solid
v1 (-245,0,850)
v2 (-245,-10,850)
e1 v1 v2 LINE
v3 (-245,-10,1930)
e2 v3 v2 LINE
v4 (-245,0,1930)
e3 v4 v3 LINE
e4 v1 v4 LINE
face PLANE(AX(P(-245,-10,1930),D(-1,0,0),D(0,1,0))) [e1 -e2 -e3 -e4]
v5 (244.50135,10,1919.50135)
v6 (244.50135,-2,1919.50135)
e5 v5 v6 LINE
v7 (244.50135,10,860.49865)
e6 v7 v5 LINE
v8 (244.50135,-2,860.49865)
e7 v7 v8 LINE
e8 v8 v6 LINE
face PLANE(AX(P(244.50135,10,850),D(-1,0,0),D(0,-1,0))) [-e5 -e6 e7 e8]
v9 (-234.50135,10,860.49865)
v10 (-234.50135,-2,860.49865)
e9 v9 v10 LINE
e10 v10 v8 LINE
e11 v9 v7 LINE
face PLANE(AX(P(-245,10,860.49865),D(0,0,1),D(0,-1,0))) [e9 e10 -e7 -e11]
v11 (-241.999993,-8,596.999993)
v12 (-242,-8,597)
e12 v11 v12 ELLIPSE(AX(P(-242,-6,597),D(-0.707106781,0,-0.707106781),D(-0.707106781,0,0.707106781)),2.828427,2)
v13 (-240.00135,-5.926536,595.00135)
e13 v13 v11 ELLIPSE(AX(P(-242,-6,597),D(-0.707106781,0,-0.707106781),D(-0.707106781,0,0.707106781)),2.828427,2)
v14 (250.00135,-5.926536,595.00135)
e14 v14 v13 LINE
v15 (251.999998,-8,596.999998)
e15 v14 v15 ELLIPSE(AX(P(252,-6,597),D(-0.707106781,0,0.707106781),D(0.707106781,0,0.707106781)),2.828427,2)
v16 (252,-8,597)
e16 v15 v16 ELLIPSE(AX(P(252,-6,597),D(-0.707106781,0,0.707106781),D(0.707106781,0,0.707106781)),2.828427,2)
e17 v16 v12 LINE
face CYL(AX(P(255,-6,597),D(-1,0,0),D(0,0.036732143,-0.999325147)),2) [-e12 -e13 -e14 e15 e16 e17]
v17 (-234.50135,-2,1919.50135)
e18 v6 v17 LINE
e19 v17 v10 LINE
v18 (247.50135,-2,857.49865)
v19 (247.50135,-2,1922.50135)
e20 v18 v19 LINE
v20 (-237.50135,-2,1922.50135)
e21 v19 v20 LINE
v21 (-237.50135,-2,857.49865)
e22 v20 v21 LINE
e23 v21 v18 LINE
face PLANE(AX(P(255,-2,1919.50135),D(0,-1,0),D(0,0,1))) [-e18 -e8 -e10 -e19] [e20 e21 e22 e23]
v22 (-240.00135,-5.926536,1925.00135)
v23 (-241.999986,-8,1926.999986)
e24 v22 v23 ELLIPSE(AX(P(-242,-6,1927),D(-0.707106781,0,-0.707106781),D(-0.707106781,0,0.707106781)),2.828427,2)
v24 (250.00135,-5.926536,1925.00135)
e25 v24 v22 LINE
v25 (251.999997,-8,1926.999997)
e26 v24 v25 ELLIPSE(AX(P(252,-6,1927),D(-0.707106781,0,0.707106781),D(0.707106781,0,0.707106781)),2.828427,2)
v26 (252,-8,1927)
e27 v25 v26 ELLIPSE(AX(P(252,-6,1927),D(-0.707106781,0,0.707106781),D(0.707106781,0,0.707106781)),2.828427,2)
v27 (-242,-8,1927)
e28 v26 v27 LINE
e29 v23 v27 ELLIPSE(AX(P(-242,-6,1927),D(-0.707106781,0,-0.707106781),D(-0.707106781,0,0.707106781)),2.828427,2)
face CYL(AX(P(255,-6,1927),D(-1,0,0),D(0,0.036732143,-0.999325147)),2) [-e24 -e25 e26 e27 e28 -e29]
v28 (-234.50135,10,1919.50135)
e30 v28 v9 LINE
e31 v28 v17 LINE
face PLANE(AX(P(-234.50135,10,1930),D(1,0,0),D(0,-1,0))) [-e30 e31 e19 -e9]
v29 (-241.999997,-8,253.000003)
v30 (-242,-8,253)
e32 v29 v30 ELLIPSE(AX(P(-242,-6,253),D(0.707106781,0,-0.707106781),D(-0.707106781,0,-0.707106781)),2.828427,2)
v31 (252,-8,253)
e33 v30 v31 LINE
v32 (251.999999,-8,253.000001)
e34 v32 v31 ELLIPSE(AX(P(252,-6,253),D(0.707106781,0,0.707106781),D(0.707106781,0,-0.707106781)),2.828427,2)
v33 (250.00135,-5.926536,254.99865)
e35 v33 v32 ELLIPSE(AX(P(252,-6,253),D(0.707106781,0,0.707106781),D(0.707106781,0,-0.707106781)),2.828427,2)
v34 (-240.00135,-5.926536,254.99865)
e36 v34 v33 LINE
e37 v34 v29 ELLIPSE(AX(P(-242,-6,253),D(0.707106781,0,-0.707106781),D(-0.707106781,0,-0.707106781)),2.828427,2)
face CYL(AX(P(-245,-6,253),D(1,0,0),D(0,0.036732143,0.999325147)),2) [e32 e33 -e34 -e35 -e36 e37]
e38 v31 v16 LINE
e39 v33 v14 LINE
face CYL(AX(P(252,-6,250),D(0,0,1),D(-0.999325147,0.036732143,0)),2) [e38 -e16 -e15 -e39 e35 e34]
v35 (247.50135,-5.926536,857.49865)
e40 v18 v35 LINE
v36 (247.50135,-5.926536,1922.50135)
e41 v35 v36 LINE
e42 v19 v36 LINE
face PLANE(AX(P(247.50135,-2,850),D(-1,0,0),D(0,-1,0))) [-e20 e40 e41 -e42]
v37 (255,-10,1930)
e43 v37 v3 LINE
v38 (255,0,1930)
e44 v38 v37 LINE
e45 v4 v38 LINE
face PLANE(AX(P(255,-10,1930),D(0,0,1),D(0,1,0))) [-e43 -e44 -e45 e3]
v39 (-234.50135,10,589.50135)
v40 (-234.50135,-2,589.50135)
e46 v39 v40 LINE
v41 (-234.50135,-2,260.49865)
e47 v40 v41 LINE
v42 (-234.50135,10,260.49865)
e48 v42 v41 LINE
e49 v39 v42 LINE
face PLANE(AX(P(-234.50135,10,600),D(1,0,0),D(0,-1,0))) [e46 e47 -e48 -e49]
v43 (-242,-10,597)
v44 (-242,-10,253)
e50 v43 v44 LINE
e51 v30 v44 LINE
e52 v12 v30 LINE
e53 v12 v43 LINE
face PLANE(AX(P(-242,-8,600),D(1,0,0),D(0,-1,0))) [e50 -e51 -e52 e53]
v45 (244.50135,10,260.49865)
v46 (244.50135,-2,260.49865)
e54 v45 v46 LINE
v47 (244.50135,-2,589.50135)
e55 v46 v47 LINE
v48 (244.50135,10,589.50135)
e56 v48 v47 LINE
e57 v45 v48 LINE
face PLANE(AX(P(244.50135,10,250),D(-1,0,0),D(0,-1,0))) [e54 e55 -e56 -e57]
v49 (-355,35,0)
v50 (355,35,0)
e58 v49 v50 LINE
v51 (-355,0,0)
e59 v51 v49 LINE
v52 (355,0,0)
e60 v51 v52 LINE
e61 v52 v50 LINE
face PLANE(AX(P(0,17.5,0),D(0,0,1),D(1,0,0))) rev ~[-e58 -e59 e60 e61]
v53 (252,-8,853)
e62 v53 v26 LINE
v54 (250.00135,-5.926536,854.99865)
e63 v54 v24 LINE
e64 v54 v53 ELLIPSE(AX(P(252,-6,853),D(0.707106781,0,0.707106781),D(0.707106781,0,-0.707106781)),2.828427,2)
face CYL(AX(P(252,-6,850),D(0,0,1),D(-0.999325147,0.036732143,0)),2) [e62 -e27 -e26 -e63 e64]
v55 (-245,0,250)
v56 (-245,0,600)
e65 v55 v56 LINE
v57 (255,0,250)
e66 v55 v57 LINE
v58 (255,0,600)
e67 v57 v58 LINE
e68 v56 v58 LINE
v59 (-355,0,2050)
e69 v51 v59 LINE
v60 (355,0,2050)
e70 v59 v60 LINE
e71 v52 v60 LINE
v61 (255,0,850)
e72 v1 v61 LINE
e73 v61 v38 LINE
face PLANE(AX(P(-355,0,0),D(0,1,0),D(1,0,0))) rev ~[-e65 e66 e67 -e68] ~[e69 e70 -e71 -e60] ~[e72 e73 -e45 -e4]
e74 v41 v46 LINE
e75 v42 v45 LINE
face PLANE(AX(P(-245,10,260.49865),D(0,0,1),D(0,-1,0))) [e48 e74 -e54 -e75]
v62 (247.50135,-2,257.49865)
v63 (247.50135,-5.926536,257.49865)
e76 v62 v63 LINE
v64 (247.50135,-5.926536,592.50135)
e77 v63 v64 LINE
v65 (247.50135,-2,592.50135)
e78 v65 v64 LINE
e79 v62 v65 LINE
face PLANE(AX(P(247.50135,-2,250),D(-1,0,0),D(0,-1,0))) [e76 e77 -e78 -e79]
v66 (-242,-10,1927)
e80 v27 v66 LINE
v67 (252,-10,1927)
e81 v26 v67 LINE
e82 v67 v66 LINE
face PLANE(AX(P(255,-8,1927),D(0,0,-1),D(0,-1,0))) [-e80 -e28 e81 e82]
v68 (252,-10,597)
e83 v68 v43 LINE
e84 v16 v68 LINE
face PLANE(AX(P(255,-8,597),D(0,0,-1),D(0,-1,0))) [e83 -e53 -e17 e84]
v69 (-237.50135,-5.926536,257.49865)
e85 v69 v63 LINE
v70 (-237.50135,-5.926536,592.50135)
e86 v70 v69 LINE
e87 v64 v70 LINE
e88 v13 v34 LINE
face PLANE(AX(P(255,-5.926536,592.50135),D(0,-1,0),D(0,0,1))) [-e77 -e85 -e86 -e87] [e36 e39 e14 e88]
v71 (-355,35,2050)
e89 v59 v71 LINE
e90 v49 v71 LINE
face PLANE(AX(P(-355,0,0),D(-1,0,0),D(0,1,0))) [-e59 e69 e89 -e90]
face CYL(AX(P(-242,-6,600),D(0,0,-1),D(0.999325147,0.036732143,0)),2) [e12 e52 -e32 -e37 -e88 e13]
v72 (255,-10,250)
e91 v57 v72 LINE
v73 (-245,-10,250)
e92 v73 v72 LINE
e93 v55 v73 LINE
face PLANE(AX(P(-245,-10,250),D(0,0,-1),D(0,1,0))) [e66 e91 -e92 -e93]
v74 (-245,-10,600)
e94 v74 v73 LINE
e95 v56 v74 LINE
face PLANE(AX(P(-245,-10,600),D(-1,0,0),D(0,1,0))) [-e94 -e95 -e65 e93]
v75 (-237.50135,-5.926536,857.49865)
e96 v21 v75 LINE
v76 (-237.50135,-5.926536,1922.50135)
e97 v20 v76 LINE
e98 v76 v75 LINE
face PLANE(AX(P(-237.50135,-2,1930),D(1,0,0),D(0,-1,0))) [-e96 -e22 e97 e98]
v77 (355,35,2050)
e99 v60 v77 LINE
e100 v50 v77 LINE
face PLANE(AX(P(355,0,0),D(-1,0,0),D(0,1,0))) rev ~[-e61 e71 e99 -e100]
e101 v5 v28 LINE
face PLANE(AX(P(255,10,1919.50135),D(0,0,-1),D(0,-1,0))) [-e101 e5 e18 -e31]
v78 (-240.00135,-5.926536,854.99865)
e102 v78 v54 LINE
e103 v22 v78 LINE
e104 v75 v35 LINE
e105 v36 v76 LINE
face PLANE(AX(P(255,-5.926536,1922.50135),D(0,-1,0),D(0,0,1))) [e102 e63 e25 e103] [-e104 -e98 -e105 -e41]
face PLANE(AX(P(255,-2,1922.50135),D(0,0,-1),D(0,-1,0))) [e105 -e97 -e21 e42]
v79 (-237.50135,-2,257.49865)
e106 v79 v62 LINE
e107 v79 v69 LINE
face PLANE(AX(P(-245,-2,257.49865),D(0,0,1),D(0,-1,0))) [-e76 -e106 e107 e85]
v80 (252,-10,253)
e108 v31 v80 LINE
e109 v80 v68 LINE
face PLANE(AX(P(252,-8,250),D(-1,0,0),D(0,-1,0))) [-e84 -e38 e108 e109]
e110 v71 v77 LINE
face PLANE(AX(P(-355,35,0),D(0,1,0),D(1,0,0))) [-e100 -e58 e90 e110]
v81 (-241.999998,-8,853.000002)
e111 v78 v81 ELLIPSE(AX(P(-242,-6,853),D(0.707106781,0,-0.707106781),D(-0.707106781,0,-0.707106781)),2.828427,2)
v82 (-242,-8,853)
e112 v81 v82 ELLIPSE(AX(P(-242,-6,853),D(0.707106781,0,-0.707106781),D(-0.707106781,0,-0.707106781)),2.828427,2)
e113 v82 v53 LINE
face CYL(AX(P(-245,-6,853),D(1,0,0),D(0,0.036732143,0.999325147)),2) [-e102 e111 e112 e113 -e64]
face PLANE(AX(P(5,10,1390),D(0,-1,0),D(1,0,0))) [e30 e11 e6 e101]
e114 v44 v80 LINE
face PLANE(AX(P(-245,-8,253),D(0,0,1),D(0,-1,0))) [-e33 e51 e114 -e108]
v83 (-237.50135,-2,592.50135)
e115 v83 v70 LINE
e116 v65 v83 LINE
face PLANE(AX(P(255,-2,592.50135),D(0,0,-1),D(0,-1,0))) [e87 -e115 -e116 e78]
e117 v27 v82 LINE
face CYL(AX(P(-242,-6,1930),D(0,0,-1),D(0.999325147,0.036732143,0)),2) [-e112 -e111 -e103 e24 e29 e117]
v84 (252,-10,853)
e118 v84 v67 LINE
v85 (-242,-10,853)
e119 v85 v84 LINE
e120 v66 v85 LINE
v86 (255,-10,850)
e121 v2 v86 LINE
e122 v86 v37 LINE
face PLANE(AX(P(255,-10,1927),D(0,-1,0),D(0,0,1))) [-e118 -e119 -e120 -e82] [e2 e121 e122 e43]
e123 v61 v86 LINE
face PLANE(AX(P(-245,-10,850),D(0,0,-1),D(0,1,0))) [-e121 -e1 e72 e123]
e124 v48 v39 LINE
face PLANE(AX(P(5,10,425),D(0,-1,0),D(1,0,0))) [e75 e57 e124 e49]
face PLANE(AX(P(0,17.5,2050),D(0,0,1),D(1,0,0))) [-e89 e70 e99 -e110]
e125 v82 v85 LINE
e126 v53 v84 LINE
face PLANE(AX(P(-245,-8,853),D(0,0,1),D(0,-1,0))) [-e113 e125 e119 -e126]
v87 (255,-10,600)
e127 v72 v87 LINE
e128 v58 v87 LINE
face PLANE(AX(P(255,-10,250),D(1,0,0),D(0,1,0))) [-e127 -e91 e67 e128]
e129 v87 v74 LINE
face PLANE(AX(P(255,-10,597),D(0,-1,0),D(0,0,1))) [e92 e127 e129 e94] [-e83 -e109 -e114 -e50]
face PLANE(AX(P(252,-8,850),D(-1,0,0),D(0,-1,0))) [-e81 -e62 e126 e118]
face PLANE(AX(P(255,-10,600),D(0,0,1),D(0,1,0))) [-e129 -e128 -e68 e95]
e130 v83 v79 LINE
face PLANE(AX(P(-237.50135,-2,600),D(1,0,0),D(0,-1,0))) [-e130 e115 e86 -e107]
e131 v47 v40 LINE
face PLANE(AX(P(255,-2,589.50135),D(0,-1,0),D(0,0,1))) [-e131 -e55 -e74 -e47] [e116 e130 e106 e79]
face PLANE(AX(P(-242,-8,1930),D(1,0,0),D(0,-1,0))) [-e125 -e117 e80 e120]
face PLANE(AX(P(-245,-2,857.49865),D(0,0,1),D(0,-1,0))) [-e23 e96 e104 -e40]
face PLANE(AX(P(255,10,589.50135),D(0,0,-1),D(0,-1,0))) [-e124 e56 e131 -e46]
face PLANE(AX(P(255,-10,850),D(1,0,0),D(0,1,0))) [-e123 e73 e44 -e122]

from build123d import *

# Parameters (mm, degrees)
F0_W     = 710
F0_H     = 35
F1_DEPTH = 2050
F2_W     = 500
F2_H     = 350
F2_H_2   = 1080
F3_DEPTH = 10


with BuildPart() as f1:
    # F0 (on Top) → F1 (new body)
    with BuildSketch(Plane.XY):
        with Locations((0, 17.5)):
            Rectangle(F0_W, F0_H)
    extrude(amount=F1_DEPTH)

    # F2 (on face) → F3 (cut)
    with BuildSketch(Plane.XZ):
        with Locations((5, 425)):
            Rectangle(F2_W, F2_H)
        with Locations((5, 1390)):
            Rectangle(F2_W, F2_H_2)
    extrude(amount=-F3_DEPTH, mode=Mode.SUBTRACT)

    # F6: sweep along a path in F5
    with BuildLine(Plane.XZ.offset(-10)) as f6_path:
        Line((255, 1930), (-245, 1930))
        Line((-245, 1930), (-245, 850))
        Line((-245, 850), (255, 850))
        Line((255, 850), (255, 1930))
    # F4 (on Right) → F6 (sweep)
    with BuildSketch(Plane.YZ):
        with BuildLine():
            Line((-10, 850), (10, 850))
            Line((10, 850), (10, 860.4986502942))
            Line((10, 860.4986502942), (-2, 860.4986502942))
            Line((-2, 860.4986502942), (-2, 857.4986502942))
            Line((-2, 857.4986502942), (-5.9265357135, 857.4986502942))
            Line((-5.9265357135, 857.4986502942), (-5.9265357135, 854.9986502942))
            ThreePointArc((-5.9265357135, 854.9986502942), (-7.387997015, 854.4399528765), (-8, 853))
            Line((-8, 853), (-10, 853))
            Line((-10, 853), (-10, 850))
        make_face()
    sweep(path=f6_path.line, transition=Transition.RIGHT)

    # F9: sweep along a path in F8
    with BuildLine(Plane.XZ.offset(-10)) as f9_path:
        Line((255, 600), (-245, 600))
        Line((-245, 600), (-245, 250))
        Line((-245, 250), (255, 250))
        Line((255, 250), (255, 600))
    # F7 (on Right) → F9 (sweep)
    with BuildSketch(Plane.YZ):
        with BuildLine():
            Line((-10, 250), (10, 250))
            Line((10, 250), (10, 260.4986502942))
            Line((10, 260.4986502942), (-2, 260.4986502942))
            Line((-2, 260.4986502942), (-2, 257.4986502942))
            Line((-2, 257.4986502942), (-5.9265357135, 257.4986502942))
            Line((-5.9265357135, 257.4986502942), (-5.9265357135, 254.9986502942))
            ThreePointArc((-5.9265357135, 254.9986502942), (-7.387997015, 254.4399528765), (-8, 253))
            Line((-8, 253), (-10, 253))
            Line((-10, 253), (-10, 250))
        make_face()
    sweep(path=f9_path.line, transition=Transition.RIGHT)


solid = f1.part
